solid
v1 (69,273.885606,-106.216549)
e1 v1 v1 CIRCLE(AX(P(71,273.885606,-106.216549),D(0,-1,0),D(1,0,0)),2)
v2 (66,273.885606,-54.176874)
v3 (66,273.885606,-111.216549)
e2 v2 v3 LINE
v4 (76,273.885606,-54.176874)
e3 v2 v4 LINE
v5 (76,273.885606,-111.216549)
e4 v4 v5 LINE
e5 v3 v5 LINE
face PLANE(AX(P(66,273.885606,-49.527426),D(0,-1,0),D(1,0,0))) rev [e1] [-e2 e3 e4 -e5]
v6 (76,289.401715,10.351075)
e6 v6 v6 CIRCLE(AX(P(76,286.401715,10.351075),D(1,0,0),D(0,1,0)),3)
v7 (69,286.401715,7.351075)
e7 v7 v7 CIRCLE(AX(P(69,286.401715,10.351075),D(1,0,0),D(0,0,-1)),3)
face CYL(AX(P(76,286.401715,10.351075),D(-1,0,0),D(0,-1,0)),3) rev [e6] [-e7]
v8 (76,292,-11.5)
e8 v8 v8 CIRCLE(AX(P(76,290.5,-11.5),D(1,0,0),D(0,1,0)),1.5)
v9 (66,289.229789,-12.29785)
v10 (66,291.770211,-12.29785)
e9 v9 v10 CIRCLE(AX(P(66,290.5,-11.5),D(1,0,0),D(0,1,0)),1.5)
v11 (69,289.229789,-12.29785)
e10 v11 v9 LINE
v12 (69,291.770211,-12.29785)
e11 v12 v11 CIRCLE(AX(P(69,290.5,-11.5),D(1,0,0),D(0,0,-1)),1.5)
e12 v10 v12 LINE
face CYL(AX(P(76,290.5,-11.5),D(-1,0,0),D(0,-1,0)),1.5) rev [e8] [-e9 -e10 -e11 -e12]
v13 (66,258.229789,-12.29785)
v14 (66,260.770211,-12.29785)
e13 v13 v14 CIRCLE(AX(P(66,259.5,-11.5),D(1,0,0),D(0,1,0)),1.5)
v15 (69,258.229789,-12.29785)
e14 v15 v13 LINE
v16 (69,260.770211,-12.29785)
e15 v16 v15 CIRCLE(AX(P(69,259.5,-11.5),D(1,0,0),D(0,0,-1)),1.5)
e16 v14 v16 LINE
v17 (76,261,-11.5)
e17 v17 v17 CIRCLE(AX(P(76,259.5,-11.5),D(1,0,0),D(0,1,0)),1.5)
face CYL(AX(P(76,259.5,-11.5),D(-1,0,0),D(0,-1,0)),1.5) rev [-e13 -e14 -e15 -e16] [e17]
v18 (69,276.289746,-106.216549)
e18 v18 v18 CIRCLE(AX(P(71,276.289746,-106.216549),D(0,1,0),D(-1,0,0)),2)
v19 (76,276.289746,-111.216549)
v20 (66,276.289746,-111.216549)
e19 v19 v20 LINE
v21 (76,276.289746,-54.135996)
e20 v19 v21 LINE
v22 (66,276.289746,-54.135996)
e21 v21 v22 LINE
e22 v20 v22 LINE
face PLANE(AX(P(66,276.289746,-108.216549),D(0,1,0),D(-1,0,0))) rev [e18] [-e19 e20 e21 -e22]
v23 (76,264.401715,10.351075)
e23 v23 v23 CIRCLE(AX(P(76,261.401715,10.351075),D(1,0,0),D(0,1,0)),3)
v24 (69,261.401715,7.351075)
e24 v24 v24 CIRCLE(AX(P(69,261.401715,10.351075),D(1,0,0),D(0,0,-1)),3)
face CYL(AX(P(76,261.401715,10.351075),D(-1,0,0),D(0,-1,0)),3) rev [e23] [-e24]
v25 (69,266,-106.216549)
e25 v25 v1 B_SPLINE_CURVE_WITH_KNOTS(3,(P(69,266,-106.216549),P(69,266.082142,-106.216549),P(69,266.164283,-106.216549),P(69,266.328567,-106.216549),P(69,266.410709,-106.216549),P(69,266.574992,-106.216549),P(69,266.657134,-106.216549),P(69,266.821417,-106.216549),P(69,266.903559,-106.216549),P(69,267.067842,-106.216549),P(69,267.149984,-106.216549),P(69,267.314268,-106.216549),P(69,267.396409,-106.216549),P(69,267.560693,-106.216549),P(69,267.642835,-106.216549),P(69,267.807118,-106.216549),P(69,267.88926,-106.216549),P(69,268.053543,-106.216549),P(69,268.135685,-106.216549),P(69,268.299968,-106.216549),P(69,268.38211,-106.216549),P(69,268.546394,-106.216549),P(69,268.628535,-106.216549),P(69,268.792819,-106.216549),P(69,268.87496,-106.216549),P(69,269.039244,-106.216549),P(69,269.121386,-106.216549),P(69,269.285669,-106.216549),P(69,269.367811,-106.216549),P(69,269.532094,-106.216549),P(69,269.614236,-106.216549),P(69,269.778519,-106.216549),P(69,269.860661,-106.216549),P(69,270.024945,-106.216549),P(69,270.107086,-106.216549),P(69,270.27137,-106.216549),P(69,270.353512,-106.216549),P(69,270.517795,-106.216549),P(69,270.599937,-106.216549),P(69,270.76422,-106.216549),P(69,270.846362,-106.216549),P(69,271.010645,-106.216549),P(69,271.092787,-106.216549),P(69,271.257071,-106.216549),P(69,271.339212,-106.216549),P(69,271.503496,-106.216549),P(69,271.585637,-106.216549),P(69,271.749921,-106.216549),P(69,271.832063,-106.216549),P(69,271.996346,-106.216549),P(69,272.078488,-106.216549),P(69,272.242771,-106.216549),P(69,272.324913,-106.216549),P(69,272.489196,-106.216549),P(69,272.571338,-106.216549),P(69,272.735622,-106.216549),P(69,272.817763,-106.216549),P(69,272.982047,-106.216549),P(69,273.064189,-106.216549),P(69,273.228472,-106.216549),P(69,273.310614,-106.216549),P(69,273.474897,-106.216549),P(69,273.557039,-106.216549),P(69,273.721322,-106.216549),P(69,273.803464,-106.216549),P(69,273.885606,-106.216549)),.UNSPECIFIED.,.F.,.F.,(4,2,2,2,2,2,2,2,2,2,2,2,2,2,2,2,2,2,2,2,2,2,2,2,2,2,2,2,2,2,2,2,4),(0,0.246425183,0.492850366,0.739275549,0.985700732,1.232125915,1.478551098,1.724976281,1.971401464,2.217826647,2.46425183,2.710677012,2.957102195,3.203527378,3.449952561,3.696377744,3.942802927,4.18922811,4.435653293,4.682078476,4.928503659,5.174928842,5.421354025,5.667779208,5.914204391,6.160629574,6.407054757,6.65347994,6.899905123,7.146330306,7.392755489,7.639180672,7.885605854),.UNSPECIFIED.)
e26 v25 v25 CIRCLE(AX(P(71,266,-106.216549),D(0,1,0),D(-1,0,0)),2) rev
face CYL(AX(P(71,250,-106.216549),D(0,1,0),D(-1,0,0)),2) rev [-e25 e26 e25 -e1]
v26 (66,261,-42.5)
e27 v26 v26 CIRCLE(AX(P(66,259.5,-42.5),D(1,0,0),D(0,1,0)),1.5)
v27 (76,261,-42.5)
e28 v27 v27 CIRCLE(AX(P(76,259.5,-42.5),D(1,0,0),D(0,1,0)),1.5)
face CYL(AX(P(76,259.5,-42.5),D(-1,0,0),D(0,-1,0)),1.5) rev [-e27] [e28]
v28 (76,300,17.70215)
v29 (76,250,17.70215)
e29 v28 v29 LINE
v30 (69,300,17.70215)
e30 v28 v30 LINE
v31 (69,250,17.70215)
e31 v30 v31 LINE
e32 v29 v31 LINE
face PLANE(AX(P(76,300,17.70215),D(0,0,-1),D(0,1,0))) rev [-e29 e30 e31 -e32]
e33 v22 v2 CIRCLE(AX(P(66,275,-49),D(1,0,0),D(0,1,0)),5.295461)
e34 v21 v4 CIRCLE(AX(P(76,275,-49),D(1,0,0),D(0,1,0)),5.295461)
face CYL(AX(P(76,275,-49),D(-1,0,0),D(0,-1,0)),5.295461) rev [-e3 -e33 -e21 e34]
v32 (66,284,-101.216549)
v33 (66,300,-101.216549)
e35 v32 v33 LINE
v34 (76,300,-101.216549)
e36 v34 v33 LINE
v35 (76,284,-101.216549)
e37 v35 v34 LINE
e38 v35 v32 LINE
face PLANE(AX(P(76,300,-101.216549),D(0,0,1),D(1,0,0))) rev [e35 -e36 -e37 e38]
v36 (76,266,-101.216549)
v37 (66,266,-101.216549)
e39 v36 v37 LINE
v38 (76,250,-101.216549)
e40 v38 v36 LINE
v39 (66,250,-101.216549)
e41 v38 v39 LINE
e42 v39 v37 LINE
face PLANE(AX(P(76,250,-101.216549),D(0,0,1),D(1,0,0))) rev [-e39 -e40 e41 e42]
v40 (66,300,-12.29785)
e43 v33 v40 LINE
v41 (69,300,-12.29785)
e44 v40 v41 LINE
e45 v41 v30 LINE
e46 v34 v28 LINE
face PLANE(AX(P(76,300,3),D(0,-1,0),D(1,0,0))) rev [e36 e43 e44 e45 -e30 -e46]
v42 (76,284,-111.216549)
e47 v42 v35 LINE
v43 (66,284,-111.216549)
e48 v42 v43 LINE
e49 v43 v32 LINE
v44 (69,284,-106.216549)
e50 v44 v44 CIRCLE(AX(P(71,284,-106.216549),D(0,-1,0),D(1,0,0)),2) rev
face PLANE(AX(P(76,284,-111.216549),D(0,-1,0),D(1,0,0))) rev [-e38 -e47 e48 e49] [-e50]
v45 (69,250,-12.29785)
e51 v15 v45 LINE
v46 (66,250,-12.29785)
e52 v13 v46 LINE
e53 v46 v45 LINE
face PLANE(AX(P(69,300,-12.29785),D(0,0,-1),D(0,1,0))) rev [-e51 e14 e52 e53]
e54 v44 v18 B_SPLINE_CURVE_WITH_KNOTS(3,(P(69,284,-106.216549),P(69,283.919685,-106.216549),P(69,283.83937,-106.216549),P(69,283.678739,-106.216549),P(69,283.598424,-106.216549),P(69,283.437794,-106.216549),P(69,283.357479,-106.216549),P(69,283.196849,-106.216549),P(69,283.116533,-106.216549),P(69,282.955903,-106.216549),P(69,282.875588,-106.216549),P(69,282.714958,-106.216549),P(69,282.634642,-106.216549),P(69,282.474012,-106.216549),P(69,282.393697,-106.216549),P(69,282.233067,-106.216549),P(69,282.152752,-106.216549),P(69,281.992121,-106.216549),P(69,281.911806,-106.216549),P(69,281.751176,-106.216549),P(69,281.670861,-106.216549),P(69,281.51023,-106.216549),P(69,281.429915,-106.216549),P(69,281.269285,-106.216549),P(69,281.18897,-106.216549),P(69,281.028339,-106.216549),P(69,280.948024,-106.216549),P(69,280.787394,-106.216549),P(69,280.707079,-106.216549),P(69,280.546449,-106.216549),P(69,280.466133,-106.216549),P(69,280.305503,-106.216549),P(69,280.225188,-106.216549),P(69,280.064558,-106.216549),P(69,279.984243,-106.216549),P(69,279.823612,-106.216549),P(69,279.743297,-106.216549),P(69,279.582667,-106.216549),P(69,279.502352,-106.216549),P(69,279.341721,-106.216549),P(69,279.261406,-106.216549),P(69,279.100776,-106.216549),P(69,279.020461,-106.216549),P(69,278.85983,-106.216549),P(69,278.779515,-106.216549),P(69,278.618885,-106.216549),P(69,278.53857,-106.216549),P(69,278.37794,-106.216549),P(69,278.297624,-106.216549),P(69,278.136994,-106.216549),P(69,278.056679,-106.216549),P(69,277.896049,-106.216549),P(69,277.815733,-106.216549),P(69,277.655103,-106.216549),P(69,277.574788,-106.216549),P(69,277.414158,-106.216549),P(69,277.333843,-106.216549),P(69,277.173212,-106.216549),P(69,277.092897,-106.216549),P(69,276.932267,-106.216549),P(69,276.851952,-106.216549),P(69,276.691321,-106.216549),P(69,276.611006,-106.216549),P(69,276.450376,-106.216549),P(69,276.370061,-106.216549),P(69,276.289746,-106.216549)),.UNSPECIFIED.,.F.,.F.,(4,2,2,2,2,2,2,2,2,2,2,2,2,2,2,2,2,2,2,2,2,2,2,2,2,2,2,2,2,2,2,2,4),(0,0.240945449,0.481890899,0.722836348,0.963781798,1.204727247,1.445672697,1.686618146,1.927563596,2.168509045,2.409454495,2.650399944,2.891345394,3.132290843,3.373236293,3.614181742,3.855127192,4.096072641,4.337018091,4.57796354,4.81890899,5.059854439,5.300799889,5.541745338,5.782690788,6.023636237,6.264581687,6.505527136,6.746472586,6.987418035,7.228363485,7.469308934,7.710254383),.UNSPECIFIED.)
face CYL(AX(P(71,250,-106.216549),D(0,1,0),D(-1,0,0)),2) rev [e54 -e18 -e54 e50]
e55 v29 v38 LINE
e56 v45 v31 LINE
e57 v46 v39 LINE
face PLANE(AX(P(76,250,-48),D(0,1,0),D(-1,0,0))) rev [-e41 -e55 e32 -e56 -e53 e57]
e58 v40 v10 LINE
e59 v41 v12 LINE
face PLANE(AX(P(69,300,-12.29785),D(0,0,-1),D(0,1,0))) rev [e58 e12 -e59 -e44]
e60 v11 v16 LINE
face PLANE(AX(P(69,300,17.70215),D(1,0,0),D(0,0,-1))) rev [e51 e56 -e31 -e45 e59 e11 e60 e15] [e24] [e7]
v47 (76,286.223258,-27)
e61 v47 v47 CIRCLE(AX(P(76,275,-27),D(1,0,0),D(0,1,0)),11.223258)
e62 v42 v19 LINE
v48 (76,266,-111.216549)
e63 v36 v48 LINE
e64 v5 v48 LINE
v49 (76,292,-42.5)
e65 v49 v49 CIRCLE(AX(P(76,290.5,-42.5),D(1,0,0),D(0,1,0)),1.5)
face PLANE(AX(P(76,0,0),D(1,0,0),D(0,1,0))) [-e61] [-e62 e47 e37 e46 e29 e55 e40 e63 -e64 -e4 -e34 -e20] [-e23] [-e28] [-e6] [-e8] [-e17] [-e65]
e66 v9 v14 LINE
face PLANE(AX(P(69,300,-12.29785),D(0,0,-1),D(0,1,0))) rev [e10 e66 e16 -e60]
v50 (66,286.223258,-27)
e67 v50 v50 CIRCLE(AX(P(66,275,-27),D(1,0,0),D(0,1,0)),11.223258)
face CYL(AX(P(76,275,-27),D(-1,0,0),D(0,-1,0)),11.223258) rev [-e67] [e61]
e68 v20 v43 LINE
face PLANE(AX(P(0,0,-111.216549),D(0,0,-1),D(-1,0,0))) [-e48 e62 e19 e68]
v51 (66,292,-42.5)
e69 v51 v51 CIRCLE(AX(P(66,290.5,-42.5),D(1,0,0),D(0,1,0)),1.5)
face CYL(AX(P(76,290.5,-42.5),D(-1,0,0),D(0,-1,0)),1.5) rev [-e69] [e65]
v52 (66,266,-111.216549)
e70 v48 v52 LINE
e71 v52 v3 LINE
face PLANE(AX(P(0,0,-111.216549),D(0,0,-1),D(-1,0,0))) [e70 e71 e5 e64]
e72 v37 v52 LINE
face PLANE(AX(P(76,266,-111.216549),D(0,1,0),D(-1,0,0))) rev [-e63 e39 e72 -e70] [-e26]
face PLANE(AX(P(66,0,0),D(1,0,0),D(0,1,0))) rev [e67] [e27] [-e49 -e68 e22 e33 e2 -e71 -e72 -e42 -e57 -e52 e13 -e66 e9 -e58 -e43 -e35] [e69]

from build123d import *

# Parameters (mm, degrees)
SKETCH_1_R          = 1.5
SKETCH_1_R_2        = 5.295460532
SKETCH_1_R_3        = 3
SKETCH_1_R_4        = 11.223257521
EXTRUDE_1_DEPTH     = 10
SKETCH_3_W          = 3
SKETCH_3_H          = 30
CUT_EXTRUDE_2_DEPTH = 50
CUT_EXTRUDE_3_DEPTH = 10
SKETCH_5_W          = 10
SKETCH_5_H          = 23.885605854
SKETCH_5_H_2        = 23.710254383
EXTRUDE_2_DEPTH     = 3
SKETCH_6_R          = 3.5
CUT_EXTRUDE_4_DEPTH = 5
SKETCH_7_R          = 2
CUT_EXTRUDE_5_DEPTH = 45
SKETCH_8_W          = 10
SKETCH_8_H          = 16
CUT_EXTRUDE_6_DEPTH = 10


with BuildPart() as part:
    # 草图1 → 凸台-拉伸1 (new body)
    with BuildSketch(Plane(origin=(66, 0, 0), x_dir=(0, 0, -1), z_dir=(1, 0, 0))):
        Polygon((48, 250), (-3, 250), (-17.702150009, 250), (-17.702150009, 300), (-3, 300), (48, 300), (108.216548797, 300), (108.216548797, 250), align=None)
        with Locations(Location((42.5, 259.5, 0), (0, 0, 90))):
            Circle(SKETCH_1_R, mode=Mode.SUBTRACT)
        with Locations(Location((42.5, 290.5, 0), (0, 0, 90))):
            Circle(SKETCH_1_R, mode=Mode.SUBTRACT)
        with Locations(Location((11.5, 259.5, 0), (0, 0, 90))):
            Circle(SKETCH_1_R, mode=Mode.SUBTRACT)
        with Locations(Location((11.5, 290.5, 0), (0, 0, 90))):
            Circle(SKETCH_1_R, mode=Mode.SUBTRACT)
        with Locations(Location((49, 275, 0), (0, 0, 90))):
            Circle(SKETCH_1_R_2, mode=Mode.SUBTRACT)
        with Locations(Location((-10.351075004, 286.4017148, 0), (0, 0, 90))):
            Circle(SKETCH_1_R_3, mode=Mode.SUBTRACT)
        with Locations(Location((-10.351075004, 261.4017148, 0), (0, 0, 90))):
            Circle(SKETCH_1_R_3, mode=Mode.SUBTRACT)
        with Locations(Location((27, 275, 0), (0, 0, 90))):
            Circle(SKETCH_1_R_4, mode=Mode.SUBTRACT)
    extrude(amount=EXTRUDE_1_DEPTH)

    # 草图3 → 切除-拉伸2 (cut)
    with BuildSketch(Plane.XZ.offset(-250)):
        with Locations((67.5, 2.702150009)):
            Rectangle(SKETCH_3_W, SKETCH_3_H)
    extrude(amount=-CUT_EXTRUDE_2_DEPTH, mode=Mode.SUBTRACT)

    # 草图4 → 切除-拉伸3 (cut)
    with BuildSketch(Plane(origin=(76, 0, 0), x_dir=(0, 0, -1), z_dir=(1, 0, 0))):
        Polygon((108.216548797, 276.289745617), (49.527425716, 276.289745617), (49.527425716, 273.885605854), (109.527425716, 273.885605854), (109.527425716, 276.289745617), align=None)
    extrude(amount=-CUT_EXTRUDE_3_DEPTH, mode=Mode.SUBTRACT)

    # 草图5 → 凸台-拉伸2 (add)
    with BuildSketch(Plane(origin=(0, 0, -108.216548797), x_dir=(-1, 0, 0), z_dir=(0, 0, -1))):
        with Locations((-71, 261.942802927)):
            Rectangle(SKETCH_5_W, SKETCH_5_H)
        with Locations((-71, 288.144872808)):
            Rectangle(SKETCH_5_W, SKETCH_5_H_2)
    extrude(amount=EXTRUDE_2_DEPTH)

    # 草图6 → 切除-拉伸4 (cut)
    with BuildSketch(Plane(origin=(0, 300, 0), x_dir=(1, 0, 0), z_dir=(0, 1, 0))):
        with Locations(Location((71, 106.216548797, 0), (0, 0, 180))):
            Circle(SKETCH_6_R)
    extrude(amount=-CUT_EXTRUDE_4_DEPTH, mode=Mode.SUBTRACT)

    # 草图7 → 切除-拉伸5 (cut)
    with BuildSketch(Plane(origin=(0, 295, 0), x_dir=(1, 0, 0), z_dir=(0, 1, 0))):
        with Locations(Location((71, 106.216548797, 0), (0, 0, 180))):
            Circle(SKETCH_7_R)
    extrude(amount=-CUT_EXTRUDE_5_DEPTH, mode=Mode.SUBTRACT)

    # 草图8 → 切除-拉伸6 (cut)
    with BuildSketch(Plane.ZY.offset(-66)):
        with Locations((-106.216548797, 292)):
            Rectangle(SKETCH_8_W, SKETCH_8_H)
        with Locations((-106.216548797, 258)):
            Rectangle(SKETCH_8_W, SKETCH_8_H)
    extrude(amount=-CUT_EXTRUDE_6_DEPTH, mode=Mode.SUBTRACT)


solid = part.part
